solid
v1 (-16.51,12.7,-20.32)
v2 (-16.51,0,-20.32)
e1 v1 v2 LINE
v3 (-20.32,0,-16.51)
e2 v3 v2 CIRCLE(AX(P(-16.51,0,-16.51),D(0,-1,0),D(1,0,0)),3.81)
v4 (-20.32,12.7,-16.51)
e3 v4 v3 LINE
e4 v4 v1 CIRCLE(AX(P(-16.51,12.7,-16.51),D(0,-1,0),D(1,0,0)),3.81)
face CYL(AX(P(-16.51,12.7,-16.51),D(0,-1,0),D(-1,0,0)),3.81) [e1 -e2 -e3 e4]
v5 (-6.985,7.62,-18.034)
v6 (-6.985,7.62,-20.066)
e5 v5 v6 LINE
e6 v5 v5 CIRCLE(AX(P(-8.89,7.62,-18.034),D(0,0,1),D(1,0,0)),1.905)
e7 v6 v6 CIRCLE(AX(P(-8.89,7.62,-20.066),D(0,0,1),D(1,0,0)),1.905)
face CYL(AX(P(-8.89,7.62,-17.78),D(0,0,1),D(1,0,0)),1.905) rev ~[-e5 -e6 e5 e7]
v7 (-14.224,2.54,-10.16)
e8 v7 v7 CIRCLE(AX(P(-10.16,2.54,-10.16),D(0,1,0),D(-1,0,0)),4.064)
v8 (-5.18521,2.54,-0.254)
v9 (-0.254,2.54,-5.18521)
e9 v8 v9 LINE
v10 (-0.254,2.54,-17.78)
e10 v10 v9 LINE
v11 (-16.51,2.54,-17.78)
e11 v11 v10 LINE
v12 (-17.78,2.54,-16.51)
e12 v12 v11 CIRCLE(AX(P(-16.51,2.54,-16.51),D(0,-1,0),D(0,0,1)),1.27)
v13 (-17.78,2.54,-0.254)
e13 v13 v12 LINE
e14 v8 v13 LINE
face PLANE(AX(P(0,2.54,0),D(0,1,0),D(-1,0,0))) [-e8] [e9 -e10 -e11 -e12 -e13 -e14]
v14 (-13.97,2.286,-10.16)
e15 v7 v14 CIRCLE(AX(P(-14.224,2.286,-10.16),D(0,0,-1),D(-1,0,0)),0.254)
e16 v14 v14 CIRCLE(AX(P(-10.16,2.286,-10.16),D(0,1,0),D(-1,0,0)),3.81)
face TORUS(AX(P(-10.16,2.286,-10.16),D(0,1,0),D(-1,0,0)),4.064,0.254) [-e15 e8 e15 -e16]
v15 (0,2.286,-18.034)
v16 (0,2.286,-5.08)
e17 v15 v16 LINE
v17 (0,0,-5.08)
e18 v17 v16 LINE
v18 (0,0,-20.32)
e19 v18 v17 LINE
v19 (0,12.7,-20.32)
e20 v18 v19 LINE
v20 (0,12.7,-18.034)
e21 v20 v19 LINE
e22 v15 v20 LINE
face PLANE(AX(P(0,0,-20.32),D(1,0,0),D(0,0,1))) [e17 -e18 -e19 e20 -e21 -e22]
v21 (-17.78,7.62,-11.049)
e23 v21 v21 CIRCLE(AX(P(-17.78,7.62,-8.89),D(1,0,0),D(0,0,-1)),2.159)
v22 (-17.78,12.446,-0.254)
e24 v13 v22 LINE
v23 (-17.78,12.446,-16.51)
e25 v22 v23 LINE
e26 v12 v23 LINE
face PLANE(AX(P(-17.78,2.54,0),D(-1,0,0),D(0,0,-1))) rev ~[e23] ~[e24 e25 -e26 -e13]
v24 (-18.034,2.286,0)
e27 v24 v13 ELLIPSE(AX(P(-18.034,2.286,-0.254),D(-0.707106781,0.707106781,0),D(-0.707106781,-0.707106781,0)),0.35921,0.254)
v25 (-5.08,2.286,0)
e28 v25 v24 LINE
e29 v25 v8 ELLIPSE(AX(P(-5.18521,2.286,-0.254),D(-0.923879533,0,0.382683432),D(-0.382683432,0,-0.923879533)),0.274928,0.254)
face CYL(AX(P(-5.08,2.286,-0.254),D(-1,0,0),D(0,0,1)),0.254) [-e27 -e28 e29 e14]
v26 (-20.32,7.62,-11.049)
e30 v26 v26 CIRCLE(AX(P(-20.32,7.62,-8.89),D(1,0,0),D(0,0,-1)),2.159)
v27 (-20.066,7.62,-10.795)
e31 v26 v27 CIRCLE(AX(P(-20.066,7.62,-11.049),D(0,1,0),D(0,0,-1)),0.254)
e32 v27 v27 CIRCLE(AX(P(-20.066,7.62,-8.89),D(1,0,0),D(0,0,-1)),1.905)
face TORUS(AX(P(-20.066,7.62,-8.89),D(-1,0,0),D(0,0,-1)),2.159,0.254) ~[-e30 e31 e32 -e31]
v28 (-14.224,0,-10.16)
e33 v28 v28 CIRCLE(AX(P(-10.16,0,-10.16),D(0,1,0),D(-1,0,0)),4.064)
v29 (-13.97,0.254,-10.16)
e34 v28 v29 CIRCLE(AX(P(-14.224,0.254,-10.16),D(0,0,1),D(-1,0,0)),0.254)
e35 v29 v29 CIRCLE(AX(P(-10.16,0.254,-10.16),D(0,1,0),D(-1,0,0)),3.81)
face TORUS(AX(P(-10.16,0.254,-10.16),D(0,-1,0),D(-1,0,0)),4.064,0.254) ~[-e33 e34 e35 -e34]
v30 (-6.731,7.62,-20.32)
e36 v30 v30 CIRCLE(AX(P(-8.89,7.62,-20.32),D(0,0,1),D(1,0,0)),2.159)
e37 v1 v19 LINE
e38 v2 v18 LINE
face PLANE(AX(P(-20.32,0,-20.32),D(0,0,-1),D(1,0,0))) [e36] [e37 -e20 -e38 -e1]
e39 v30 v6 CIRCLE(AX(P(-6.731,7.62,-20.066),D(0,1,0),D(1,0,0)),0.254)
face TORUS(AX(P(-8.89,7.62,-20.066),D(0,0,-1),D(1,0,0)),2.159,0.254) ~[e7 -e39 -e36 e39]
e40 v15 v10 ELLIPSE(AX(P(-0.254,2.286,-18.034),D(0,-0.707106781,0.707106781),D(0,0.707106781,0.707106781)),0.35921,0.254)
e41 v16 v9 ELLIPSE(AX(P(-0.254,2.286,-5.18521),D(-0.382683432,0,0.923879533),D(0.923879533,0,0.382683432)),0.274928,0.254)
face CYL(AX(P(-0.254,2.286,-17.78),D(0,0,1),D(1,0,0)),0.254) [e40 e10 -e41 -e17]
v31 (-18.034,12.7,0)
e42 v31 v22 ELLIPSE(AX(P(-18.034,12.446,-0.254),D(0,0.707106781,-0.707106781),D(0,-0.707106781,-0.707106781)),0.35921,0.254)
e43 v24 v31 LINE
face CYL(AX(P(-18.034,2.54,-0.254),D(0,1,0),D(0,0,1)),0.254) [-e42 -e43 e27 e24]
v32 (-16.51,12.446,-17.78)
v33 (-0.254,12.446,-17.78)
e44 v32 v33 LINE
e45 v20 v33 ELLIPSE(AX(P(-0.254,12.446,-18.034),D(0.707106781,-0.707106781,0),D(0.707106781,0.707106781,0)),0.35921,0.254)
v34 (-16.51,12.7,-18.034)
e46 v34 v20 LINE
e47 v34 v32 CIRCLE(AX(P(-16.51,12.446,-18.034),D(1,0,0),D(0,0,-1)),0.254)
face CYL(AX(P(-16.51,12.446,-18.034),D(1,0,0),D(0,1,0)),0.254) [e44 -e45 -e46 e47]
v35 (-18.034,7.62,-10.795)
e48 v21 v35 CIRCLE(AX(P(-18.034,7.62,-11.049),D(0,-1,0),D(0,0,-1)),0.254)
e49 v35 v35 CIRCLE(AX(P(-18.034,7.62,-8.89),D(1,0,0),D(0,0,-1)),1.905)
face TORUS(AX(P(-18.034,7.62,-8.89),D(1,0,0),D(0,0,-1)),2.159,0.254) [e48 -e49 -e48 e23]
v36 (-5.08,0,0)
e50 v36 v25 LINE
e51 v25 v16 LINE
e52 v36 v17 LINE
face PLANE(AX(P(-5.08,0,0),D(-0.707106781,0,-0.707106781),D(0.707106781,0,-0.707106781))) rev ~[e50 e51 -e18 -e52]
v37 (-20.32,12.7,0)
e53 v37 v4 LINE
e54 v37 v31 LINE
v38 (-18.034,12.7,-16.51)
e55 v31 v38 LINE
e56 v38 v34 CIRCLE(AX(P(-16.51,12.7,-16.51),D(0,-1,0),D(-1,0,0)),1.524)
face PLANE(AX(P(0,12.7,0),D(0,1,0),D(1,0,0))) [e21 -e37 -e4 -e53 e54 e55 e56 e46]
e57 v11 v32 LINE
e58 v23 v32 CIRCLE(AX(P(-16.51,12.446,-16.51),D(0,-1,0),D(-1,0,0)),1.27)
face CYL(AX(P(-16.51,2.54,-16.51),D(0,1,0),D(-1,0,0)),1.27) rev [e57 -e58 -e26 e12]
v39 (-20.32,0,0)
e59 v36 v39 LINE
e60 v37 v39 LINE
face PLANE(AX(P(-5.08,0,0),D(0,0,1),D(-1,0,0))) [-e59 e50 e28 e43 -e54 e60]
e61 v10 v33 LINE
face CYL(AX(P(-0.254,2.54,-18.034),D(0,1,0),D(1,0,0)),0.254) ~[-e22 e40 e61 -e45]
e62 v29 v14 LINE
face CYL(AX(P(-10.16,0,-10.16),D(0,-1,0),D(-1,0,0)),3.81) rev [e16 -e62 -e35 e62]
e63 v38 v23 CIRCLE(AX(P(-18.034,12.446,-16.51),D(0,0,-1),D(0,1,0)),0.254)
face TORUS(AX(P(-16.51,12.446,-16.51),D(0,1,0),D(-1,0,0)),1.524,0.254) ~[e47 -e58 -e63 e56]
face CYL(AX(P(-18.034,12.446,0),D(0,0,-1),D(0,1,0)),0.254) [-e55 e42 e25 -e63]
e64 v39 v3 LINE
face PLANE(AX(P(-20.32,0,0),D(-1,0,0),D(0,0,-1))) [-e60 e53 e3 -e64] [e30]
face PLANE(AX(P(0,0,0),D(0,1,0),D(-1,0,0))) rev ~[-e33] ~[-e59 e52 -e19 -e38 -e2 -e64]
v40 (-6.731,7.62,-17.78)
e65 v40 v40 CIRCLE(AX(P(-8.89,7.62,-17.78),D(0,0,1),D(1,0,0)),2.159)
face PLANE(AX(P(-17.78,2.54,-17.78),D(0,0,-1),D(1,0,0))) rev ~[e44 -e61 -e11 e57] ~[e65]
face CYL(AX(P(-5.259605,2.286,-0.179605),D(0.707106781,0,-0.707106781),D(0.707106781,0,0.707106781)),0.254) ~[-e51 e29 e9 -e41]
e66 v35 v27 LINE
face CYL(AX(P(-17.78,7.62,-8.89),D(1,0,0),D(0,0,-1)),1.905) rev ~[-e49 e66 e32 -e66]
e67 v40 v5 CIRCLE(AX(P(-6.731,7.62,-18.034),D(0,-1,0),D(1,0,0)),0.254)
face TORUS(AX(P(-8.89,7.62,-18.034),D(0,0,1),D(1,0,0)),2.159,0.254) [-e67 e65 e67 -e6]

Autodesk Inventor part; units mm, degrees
ref_plane "YZ Plane" through (0, 0, 0) normal (1, 0, 0) x (0, 1, 0)
ref_plane "XZ Plane" through (0, 0, 0) normal (0, 1, 0) x (-1, 0, 0)
ref_plane "XY Plane" through (0, 0, 0) normal (0, 0, 1) x (1, 0, 0)
sketch "Sketch1" plane through (0, 0, 0) normal (0, 1, 0) x (-1, 0, 0)
  line L0 (0, 0) -> (20.32, 0)
  line L1 (20.32, 0) -> (20.32, -20.32)
  line L2 (20.32, -20.32) -> (0, -20.32)
  line L3 (0, -20.32) -> (0, 0)
  circle A0 centre (10.16, -10.16) radius 3.81
  line L4 (5.08, 0) -> (11.3037, 0) construction
  line L5 (5.08, 0) -> (0, -5.08)
  line L6 (5.08, 0) -> (12.2642, 0) construction
  dimension "d0" = 20.32
  dimension "d1" = 20.32
  dimension "d2" = 7.62
  dimension "d3" = 10.16
  dimension "d4" = 10.16
  dimension "d6" = 135
  dimension "d7" = 5.08
  dimension "d8" = 5.08
extrude "Extrusion1" add sketch "Sketch1" along normal blind 2.54 contours L0 L1 L2 L3 L5
sketch "Sketch2" plane through (0, 2.54, 0) normal (0, 1, 0) x (1, 0, 0)
  line L0 (-20.32, 20.32) -> (-20.32, 0) projected
  line L1 (0, 20.32) -> (-20.32, 20.32) projected
  line L2 (-20.32, 0) -> (-17.78, 0)
  line L3 (-17.78, 0) -> (-17.78, 20.32)
  line L4 (-17.78, 20.32) -> (-20.32, 20.32)
  line L5 (-20.32, 20.32) -> (-20.32, 0)
  line L6 (0, 5.08) -> (0, 20.32) projected
  line L7 (0, 20.32) -> (-20.32, 20.32)
  line L8 (-20.32, 20.32) -> (-20.32, 17.78)
  line L9 (-20.32, 17.78) -> (0, 17.78)
  line L10 (0, 17.78) -> (0, 20.32)
  point P0 (0, 0)
  point P1 (-17.78, 17.78)
  dimension "d11" = 2.54
  dimension "d12" = 2.54
extrude "Extrusion2" add sketch "Sketch2" along normal blind 10.16
fillet "Fillet1" radius 1.27 1 edges at (-17.78, 7.62, -17.78)
fillet "Fillet2" radius 3.81 1 edges at (-20.32, 6.35, -20.32)
sketch "Sketch3" plane through (-17.78, 2.54, 0) normal (1, 0, 0) x (0, 0, -1)
  circle A0 centre (8.89, 5.08) radius 1.905
  line L0 (0, 10.16) -> (16.51, 10.16) projected
  line L1 (0, 0) -> (0, 10.16) projected
  point P0 (0, -2.54)
  dimension "d17" = 3.81
  dimension "d18" = 5.08
  dimension "d19" = 8.89
extrude "Extrusion3" cut sketch "Sketch3" against normal blind 10.16
sketch "Sketch4" plane through (0, 2.54, -17.78) normal (0, 0, 1) x (1, 0, 0)
  circle A0 centre (-8.89, 5.08) radius 1.905
  line L0 (-16.51, 10.16) -> (0, 10.16) projected
  line L1 (0, 0) -> (0, 10.16) projected
  point P0 (0, -2.54)
  point P1 (0, 5.08)
  dimension "d22" = 3.81
  dimension "d23" = 5.08
  dimension "d24" = 8.89
extrude "Extrusion4" cut sketch "Sketch4" against normal blind 10.16
fillet "Fillet3" radius 0.254 14 edges at (-17.408, 12.7, -17.408) (-8.255, 12.7, -17.78) (-17.78, 12.7, -8.255) (0, 7.62, -17.78) (0, 2.54, -11.43) (-2.54, 2.54, -2.54) (-11.43, 2.54, 0) (-17.78, 7.62, 0) (-10.795, 7.62, -17.78) (-17.78, 7.62, -6.985) (-10.795, 7.62, -20.32) (-20.32, 7.62, -6.985) (-6.35, 0, -10.16) (-6.35, 2.54, -10.16)
properties part number "Basics" material "Steel, Cast"
